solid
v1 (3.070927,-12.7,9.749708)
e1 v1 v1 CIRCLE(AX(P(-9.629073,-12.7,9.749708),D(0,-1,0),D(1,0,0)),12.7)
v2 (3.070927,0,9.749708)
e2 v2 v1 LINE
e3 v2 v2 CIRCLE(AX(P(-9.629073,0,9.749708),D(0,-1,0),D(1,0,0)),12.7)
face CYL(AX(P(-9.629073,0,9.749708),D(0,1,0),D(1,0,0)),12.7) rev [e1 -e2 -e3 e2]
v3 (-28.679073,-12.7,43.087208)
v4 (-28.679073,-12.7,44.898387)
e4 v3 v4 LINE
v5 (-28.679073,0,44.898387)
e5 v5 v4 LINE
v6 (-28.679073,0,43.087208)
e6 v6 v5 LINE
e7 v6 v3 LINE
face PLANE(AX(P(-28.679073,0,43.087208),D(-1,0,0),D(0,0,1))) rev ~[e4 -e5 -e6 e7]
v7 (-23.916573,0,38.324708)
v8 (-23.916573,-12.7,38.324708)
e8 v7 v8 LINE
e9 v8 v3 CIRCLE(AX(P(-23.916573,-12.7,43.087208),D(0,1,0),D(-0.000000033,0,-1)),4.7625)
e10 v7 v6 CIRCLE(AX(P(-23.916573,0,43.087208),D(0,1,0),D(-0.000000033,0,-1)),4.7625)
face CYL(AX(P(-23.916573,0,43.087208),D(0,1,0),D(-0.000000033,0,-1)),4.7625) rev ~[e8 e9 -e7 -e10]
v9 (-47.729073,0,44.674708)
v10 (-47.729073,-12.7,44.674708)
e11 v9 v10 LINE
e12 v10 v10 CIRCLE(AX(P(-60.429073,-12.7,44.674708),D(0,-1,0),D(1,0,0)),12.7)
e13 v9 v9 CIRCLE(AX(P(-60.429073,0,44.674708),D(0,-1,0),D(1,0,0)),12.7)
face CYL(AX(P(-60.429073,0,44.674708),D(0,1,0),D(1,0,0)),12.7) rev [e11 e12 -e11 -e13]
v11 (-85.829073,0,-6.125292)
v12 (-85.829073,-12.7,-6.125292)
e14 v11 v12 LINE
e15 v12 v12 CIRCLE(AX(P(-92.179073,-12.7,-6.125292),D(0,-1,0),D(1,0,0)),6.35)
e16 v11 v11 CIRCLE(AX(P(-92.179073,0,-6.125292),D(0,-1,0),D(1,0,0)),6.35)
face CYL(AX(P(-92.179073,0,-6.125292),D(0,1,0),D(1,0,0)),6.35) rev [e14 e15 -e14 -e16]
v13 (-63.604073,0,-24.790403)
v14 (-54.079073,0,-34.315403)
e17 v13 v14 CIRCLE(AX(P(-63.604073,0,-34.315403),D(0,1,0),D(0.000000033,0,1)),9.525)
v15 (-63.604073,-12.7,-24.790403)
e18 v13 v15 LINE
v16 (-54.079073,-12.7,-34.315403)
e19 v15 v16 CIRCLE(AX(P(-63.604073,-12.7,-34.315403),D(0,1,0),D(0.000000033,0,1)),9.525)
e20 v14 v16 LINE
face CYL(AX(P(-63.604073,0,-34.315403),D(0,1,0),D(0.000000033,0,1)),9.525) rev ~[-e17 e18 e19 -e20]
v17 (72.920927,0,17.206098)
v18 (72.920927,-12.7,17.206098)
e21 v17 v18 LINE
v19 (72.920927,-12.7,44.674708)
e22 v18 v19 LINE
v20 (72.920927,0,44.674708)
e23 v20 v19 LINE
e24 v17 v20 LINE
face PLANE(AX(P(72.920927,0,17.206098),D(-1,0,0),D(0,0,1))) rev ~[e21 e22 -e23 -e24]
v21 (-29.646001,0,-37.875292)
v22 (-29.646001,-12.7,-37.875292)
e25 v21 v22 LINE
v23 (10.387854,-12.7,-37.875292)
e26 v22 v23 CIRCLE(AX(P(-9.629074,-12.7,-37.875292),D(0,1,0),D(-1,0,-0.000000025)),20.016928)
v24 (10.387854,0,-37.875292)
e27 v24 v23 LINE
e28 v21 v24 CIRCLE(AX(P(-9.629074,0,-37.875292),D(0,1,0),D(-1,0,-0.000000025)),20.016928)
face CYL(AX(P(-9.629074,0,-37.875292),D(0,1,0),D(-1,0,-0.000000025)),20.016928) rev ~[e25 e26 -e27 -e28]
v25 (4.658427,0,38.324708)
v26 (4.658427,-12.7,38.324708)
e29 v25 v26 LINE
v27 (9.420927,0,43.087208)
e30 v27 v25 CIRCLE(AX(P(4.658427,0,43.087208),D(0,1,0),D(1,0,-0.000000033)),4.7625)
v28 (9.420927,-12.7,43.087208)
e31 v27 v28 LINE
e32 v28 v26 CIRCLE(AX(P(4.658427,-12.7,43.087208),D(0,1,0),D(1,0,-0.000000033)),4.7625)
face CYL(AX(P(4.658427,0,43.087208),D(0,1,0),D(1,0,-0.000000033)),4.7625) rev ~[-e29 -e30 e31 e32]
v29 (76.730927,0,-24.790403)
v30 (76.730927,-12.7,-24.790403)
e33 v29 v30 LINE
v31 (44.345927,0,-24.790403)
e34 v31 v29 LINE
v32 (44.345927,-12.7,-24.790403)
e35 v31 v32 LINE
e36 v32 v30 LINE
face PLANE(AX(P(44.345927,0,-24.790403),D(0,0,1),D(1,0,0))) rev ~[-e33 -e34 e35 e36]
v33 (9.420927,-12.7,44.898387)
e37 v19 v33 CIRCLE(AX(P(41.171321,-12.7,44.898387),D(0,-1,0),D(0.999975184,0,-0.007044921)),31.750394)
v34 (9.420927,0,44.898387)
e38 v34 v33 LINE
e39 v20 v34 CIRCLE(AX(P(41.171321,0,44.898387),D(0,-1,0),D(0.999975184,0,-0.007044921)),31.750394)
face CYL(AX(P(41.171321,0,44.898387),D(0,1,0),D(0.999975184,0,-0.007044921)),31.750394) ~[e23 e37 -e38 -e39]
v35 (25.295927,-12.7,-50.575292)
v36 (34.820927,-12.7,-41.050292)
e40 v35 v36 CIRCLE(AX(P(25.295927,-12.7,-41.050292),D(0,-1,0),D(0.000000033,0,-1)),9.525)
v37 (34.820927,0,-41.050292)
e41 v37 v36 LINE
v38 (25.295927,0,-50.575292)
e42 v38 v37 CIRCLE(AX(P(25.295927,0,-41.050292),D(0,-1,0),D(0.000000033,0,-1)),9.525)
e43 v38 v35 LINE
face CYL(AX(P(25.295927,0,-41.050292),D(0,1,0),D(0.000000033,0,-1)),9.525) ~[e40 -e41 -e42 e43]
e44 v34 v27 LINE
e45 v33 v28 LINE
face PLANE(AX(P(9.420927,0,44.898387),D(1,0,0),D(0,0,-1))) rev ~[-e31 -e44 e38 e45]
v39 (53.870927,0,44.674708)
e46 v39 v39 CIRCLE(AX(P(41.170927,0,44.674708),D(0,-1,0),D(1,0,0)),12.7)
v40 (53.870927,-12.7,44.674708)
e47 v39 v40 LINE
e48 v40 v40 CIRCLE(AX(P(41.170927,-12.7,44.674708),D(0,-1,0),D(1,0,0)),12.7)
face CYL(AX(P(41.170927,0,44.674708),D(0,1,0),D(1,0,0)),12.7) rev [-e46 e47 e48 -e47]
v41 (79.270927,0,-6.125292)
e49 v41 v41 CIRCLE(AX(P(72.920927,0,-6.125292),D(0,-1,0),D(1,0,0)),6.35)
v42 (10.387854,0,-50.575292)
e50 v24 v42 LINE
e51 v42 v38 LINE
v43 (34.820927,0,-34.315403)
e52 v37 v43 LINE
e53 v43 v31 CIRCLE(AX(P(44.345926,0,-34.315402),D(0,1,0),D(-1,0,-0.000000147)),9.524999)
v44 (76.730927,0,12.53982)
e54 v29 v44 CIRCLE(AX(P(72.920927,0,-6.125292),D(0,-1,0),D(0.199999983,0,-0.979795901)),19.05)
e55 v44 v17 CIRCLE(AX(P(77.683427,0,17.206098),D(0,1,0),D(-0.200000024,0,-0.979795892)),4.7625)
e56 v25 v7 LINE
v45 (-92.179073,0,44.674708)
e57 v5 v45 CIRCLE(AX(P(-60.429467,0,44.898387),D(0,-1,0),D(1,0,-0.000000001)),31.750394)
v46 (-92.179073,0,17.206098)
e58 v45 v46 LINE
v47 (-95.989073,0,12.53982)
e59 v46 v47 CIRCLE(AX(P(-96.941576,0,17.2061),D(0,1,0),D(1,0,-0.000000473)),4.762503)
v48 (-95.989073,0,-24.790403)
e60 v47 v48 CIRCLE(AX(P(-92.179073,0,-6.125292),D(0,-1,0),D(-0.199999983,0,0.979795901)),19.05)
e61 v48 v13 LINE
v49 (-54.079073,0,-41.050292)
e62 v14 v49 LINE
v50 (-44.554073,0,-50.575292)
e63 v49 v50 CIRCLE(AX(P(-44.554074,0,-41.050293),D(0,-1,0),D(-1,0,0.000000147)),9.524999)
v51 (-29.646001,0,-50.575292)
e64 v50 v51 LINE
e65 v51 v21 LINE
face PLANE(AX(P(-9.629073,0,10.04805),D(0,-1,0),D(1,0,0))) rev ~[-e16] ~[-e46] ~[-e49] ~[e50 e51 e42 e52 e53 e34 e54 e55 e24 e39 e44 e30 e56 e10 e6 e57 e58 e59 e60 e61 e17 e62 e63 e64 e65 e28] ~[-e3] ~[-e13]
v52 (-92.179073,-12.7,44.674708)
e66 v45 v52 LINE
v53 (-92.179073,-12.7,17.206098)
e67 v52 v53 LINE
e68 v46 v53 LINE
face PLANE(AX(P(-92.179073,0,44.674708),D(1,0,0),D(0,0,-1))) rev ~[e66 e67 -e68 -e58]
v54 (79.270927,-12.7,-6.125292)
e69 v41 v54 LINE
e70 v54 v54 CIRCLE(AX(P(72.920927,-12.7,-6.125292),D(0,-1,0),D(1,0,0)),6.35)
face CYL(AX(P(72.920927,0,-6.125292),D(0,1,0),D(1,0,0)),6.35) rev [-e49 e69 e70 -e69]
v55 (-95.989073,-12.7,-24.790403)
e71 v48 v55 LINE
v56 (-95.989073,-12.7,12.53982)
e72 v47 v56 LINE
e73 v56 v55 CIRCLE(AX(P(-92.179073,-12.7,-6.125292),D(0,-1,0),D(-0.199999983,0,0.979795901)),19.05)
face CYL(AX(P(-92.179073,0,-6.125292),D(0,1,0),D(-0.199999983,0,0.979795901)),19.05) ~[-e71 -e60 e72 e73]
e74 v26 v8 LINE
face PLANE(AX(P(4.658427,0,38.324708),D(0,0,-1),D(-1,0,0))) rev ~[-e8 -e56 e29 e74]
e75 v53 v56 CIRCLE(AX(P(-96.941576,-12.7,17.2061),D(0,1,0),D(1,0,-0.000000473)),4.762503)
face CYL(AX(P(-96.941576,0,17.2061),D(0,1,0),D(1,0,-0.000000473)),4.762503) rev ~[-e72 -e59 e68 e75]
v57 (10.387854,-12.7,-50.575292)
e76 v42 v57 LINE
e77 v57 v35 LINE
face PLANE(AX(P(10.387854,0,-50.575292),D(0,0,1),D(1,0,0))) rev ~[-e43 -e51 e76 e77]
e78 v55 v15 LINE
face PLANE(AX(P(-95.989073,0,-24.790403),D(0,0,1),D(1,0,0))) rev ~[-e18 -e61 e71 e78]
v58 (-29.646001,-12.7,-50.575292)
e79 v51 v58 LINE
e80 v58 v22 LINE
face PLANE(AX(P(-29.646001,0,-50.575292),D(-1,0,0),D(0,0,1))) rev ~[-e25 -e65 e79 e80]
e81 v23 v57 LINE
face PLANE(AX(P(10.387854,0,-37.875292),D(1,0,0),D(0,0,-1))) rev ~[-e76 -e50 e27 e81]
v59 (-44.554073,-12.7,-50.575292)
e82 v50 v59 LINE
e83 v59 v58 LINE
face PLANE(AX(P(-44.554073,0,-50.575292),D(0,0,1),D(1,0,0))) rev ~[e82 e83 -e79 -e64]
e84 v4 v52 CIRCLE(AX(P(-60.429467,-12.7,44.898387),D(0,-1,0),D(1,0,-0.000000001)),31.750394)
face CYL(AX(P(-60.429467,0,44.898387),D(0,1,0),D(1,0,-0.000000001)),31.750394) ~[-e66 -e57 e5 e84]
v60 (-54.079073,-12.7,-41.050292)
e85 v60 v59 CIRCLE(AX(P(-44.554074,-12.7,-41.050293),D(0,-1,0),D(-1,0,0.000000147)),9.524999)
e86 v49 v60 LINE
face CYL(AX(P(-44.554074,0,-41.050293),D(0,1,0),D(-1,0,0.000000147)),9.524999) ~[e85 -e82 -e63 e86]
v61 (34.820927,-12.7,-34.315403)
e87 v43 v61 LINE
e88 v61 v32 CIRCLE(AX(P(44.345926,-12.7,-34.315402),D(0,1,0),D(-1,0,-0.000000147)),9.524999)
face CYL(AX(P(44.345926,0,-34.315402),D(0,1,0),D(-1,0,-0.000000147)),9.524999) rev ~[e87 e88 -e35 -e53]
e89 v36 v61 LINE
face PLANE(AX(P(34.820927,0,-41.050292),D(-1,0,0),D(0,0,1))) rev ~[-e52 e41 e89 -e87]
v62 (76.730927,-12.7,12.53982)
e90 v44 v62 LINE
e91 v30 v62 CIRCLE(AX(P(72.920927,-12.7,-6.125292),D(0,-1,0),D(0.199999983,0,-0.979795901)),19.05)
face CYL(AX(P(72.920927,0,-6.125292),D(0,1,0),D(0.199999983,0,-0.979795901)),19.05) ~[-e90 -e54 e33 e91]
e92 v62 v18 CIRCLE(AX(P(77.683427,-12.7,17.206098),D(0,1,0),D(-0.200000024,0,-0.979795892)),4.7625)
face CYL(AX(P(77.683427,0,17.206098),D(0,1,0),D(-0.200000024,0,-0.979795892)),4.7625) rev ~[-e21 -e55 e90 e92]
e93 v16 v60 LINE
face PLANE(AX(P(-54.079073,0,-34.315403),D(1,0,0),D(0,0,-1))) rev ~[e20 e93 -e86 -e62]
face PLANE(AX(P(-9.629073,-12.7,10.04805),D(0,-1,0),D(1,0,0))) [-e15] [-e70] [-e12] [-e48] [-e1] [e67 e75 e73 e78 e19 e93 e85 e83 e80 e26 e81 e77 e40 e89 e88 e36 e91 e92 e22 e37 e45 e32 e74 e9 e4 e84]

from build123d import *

# Parameters (mm, degrees)
F0_R     = 6.35
F0_R_2   = 12.7
F1_DEPTH = 12.7


with BuildPart() as f1:
    # F0 (on Front) → F1 (new body)
    with BuildSketch(Plane.XZ):
        with BuildLine():
            Line((4.658427, 38.324708), (-23.916573, 38.324708))
            ThreePointArc((-23.916573, 38.324708), (-27.284169, 39.719612), (-28.679073, 43.087208))
            Line((-28.679073, 43.087208), (-28.679073, 44.898387))
            ThreePointArc((-28.679073, 44.898387), (-60.541307, 76.648584), (-92.179073, 44.674708))
            Line((-92.179073, 44.674708), (-92.179073, 17.206098))
            ThreePointArc((-92.179073, 17.206098), (-93.252557, 14.194029), (-95.989073, 12.53982))
            ThreePointArc((-95.989073, 12.53982), (-111.229073, -6.125292), (-95.989073, -24.790403))
            Line((-95.989073, -24.790403), (-92.179073, -24.790403))
            Line((-92.179073, -24.790403), (-63.604073, -24.790403))
            ThreePointArc((-63.604073, -24.790403), (-56.868881, -27.580211), (-54.079073, -34.315403))
            Line((-54.079073, -34.315403), (-54.079073, -41.050292))
            ThreePointArc((-54.079073, -41.050292), (-51.289266, -47.785484), (-44.554073, -50.575292))
            Line((-44.554073, -50.575292), (-29.646001, -50.575292))
            Line((-29.646001, -50.575292), (-29.646001, -37.875292))
            ThreePointArc((-29.646001, -37.875292), (-9.629073, -17.858364), (10.387854, -37.875292))
            Line((10.387854, -37.875292), (10.387854, -50.575292))
            Line((10.387854, -50.575292), (25.295927, -50.575292))
            ThreePointArc((25.295927, -50.575292), (32.031119, -47.785484), (34.820927, -41.050292))
            Line((34.820927, -41.050292), (34.820927, -34.315403))
            ThreePointArc((34.820927, -34.315403), (37.610734, -27.580211), (44.345927, -24.790403))
            Line((44.345927, -24.790403), (72.920927, -24.790403))
            Line((72.920927, -24.790403), (76.730927, -24.790403))
            ThreePointArc((76.730927, -24.790403), (91.970927, -6.125292), (76.730927, 12.53982))
            ThreePointArc((76.730927, 12.53982), (73.99441, 14.194029), (72.920927, 17.206098))
            Line((72.920927, 17.206098), (72.920927, 44.674708))
            ThreePointArc((72.920927, 44.674708), (41.28316, 76.648584), (9.420927, 44.898387))
            Line((9.420927, 44.898387), (9.420927, 43.087208))
            ThreePointArc((9.420927, 43.087208), (8.026023, 39.719612), (4.658427, 38.324708))
        make_face()
        with Locations((-92.179073, -6.125292)):
            Circle(F0_R, mode=Mode.SUBTRACT)
        with Locations((-9.629073, 9.749708)):
            Circle(F0_R_2, mode=Mode.SUBTRACT)
        with Locations((72.920927, -6.125292)):
            Circle(F0_R, mode=Mode.SUBTRACT)
        with Locations((-60.429073, 44.674708)):
            Circle(F0_R_2, mode=Mode.SUBTRACT)
        with Locations((41.170927, 44.674708)):
            Circle(F0_R_2, mode=Mode.SUBTRACT)
    extrude(amount=F1_DEPTH)


solid = f1.part
